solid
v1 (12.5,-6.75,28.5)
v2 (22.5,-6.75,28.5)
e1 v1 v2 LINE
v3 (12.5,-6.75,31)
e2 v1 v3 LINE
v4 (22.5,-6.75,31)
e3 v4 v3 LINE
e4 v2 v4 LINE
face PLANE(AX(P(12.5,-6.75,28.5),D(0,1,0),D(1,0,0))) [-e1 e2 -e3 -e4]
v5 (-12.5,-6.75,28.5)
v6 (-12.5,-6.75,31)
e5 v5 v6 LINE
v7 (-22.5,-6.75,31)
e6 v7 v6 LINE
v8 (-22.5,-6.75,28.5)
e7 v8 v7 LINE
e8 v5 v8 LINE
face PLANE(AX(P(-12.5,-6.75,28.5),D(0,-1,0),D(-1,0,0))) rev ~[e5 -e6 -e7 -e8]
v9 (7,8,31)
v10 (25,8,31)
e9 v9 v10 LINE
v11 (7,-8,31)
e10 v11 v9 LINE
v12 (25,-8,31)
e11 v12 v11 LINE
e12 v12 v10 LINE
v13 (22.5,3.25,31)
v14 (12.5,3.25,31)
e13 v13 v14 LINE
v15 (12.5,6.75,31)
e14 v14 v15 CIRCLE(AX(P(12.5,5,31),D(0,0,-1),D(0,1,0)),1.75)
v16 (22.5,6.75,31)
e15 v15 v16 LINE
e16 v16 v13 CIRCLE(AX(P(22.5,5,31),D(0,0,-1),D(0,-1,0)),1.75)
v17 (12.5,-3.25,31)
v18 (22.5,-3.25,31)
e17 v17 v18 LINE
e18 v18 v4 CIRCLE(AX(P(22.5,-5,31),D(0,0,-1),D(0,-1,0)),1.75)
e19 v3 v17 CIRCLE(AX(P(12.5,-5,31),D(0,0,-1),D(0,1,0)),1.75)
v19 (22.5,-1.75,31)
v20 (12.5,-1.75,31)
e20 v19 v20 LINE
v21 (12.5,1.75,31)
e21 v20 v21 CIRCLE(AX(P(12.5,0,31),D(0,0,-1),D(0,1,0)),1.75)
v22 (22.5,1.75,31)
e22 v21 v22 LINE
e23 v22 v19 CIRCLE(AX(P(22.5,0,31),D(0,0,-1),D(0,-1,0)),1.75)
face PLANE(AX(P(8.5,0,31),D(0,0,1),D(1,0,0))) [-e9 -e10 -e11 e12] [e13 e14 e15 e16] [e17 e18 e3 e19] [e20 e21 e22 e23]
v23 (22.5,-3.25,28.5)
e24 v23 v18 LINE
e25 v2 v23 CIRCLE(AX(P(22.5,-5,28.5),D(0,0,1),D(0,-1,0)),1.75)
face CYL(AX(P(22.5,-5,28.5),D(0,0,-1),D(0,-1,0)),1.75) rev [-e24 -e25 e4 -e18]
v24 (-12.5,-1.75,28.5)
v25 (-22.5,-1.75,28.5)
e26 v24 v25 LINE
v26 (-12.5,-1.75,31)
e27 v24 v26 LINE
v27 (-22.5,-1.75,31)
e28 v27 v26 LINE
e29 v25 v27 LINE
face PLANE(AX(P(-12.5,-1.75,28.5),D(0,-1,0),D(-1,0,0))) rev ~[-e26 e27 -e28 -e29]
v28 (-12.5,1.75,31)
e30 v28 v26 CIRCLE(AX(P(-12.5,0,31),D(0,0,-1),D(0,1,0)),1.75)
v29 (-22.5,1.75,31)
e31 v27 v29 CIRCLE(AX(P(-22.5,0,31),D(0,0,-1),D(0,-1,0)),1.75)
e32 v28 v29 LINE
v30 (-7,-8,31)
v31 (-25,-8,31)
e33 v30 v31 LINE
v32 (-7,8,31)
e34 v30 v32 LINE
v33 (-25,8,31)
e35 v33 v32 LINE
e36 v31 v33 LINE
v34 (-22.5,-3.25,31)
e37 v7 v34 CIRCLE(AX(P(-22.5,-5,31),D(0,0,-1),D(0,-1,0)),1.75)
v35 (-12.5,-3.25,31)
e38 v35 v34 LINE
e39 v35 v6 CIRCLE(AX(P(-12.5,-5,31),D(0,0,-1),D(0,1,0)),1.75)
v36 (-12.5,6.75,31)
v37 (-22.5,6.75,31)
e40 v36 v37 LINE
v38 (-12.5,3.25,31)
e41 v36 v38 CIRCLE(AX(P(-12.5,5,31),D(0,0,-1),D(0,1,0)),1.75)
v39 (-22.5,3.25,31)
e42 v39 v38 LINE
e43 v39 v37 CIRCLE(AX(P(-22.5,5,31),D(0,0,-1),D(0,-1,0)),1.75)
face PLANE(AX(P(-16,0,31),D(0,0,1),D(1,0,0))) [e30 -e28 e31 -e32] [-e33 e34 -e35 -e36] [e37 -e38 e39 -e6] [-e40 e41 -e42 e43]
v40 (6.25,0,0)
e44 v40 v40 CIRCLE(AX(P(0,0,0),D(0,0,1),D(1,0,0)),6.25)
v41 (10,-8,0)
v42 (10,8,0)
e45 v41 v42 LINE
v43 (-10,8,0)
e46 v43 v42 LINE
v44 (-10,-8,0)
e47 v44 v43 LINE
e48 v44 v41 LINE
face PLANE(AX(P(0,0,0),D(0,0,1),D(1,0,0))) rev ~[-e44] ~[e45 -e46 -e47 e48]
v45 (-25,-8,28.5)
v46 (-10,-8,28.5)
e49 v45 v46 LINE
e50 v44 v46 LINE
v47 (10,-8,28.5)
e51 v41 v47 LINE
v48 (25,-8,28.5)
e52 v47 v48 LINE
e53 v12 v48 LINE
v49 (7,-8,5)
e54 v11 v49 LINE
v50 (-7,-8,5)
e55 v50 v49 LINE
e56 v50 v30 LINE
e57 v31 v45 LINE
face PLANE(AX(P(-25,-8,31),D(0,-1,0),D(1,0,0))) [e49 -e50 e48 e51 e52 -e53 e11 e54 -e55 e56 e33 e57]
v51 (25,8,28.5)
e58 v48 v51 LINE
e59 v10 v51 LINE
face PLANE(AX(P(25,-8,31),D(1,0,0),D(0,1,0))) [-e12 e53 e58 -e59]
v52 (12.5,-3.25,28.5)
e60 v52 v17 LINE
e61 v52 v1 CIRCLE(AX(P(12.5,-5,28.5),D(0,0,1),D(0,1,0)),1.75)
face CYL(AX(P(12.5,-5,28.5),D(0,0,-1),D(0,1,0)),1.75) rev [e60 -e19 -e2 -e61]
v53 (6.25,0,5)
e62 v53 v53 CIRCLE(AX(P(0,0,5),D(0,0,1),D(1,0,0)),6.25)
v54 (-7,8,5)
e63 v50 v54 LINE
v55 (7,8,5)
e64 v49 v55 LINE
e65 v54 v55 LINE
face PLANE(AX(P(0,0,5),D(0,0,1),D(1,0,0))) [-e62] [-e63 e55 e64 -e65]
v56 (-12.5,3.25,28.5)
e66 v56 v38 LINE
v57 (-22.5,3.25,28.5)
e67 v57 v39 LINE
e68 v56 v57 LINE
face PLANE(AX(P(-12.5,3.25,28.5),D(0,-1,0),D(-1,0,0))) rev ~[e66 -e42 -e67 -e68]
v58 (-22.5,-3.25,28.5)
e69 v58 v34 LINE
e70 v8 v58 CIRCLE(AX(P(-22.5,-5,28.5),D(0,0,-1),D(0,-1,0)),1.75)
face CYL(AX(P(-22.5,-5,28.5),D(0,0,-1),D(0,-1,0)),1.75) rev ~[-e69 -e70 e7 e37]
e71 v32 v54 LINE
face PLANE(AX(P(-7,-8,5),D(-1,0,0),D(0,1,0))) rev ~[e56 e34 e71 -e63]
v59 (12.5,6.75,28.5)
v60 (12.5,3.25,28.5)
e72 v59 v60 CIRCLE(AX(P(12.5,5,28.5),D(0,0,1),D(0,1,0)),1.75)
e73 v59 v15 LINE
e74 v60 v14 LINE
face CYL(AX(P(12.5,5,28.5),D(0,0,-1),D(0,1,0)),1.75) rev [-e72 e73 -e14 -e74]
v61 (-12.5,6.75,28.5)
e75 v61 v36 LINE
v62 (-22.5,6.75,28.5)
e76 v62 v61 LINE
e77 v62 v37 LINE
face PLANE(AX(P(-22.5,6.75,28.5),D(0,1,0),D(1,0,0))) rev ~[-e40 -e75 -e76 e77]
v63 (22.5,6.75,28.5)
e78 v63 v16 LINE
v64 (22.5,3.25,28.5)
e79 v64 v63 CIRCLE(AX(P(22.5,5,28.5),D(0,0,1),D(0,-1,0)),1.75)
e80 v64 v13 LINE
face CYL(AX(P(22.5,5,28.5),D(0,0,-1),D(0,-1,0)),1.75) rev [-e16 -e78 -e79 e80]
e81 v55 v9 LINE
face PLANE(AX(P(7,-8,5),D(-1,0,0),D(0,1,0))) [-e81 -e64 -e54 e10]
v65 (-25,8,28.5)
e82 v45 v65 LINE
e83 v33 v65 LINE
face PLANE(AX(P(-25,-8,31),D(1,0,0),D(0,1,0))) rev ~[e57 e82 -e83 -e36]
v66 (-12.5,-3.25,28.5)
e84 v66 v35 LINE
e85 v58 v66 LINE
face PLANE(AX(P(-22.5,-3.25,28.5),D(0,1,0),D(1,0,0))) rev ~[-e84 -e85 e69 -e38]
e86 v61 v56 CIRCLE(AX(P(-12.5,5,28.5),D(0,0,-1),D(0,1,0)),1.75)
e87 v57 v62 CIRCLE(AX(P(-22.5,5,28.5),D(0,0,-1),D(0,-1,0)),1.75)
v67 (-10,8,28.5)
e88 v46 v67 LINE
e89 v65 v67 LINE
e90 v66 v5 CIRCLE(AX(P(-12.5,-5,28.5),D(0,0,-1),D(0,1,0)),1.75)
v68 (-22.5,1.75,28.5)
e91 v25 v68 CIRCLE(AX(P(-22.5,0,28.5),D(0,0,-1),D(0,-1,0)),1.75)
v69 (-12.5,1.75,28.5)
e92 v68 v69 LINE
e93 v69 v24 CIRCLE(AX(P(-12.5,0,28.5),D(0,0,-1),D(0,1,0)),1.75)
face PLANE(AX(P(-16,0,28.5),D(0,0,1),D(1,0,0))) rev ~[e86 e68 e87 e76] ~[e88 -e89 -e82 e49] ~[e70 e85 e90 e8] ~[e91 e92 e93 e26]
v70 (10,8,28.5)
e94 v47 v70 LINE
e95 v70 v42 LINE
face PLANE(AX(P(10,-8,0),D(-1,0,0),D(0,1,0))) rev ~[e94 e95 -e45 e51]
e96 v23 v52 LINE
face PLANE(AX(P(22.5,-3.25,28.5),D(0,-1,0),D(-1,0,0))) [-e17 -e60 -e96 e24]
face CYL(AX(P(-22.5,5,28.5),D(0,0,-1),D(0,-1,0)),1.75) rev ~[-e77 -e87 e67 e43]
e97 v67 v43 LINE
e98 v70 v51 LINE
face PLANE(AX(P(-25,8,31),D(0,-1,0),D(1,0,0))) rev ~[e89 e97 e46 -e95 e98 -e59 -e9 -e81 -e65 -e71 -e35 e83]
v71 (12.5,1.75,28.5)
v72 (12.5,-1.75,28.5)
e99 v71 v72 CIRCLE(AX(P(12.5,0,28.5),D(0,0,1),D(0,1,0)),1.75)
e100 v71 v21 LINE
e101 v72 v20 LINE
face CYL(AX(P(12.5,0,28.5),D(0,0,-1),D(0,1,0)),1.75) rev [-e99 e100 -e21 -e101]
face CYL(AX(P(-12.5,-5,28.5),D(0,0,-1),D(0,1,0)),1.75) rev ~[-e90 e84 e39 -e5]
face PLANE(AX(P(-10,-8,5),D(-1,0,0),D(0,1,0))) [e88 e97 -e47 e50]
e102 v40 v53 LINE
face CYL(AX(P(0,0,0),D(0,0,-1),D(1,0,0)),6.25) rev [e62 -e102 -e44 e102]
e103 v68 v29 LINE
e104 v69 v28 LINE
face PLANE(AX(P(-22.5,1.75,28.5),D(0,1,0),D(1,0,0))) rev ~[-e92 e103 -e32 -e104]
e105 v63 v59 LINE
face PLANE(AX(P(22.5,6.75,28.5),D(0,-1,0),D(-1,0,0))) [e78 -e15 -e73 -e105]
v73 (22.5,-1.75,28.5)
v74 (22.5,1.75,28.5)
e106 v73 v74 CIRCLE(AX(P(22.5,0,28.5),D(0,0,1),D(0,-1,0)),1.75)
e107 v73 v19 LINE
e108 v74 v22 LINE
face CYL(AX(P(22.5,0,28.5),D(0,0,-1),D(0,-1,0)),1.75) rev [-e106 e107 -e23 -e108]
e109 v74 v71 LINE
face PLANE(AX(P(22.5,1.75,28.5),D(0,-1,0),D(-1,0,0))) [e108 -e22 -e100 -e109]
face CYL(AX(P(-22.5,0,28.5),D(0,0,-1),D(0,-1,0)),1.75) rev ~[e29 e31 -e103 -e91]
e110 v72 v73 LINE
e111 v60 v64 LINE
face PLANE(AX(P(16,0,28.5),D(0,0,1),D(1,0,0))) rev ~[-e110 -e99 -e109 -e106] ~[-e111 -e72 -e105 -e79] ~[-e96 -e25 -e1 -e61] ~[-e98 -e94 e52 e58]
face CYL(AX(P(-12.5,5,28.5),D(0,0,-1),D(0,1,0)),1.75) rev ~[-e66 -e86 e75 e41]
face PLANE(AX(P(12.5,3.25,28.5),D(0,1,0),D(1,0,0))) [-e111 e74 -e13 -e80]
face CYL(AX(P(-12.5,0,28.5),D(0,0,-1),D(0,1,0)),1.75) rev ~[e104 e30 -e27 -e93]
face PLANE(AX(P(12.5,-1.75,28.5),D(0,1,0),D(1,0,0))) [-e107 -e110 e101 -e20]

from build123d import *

# Parameters (mm, degrees)
SKETCH1_W           = 20
SKETCH1_H           = 16
SKETCH1_R           = 6.25
BOSS_EXTRUDE1_DEPTH = 5
SKETCH2_W           = 3
SKETCH2_H           = 16
BOSS_EXTRUDE2_DEPTH = 26
SKETCH3_W           = 18
SKETCH3_H           = 16
BOSS_EXTRUDE3_DEPTH = 2.5
CUT_EXTRUDE1_DEPTH  = 39.745967532


with BuildPart() as part:
    # Sketch1 → Boss-Extrude1 (new body)
    with BuildSketch(Plane.XY):
        Rectangle(SKETCH1_W, SKETCH1_H)
        Circle(SKETCH1_R, mode=Mode.SUBTRACT)
    extrude(amount=BOSS_EXTRUDE1_DEPTH)

    # Sketch2 → Boss-Extrude2 (add)
    with BuildSketch(Plane.XY.offset(5)):
        with Locations((-8.5, 0)):
            Rectangle(SKETCH2_W, SKETCH2_H)
        with Locations((8.5, 0)):
            Rectangle(SKETCH2_W, SKETCH2_H)
    extrude(amount=BOSS_EXTRUDE2_DEPTH)

    # Sketch3 → Boss-Extrude3 (add)
    with BuildSketch(Plane.XY.offset(31)):
        with Locations((-16, 0)):
            Rectangle(SKETCH3_W, SKETCH3_H)
        with Locations((16, 0)):
            Rectangle(SKETCH3_W, SKETCH3_H)
    extrude(amount=-BOSS_EXTRUDE3_DEPTH)

    # Sketch4 → Cut-Extrude1 (cut, through all)
    with BuildSketch(Plane(origin=(0, 0, 28.5), x_dir=(-1, 0, 0), z_dir=(0, 0, -1))):
        with BuildLine():
            Line((-22.5, -3.25), (-12.5, -3.25))
            ThreePointArc((-12.5, -3.25), (-10.75, -5), (-12.5, -6.75))
            Line((-12.5, -6.75), (-22.5, -6.75))
            ThreePointArc((-22.5, -6.75), (-24.25, -5), (-22.5, -3.25))
        make_face()
        with BuildLine():
            Line((22.5, 6.75), (12.5, 6.75))
            ThreePointArc((12.5, 6.75), (10.75, 5), (12.5, 3.25))
            Line((12.5, 3.25), (22.5, 3.25))
            ThreePointArc((22.5, 3.25), (24.25, 5), (22.5, 6.75))
        make_face()
        with BuildLine():
            Line((-22.5, 1.75), (-12.5, 1.75))
            ThreePointArc((-12.5, 1.75), (-10.75, 0), (-12.5, -1.75))
            Line((-12.5, -1.75), (-22.5, -1.75))
            ThreePointArc((-22.5, -1.75), (-24.25, 0), (-22.5, 1.75))
        make_face()
        with BuildLine():
            Line((-22.5, 6.75), (-12.5, 6.75))
            ThreePointArc((-12.5, 6.75), (-10.75, 5), (-12.5, 3.25))
            Line((-12.5, 3.25), (-22.5, 3.25))
            ThreePointArc((-22.5, 3.25), (-24.25, 5), (-22.5, 6.75))
        make_face()
        with BuildLine():
            Line((22.5, 1.75), (12.5, 1.75))
            ThreePointArc((12.5, 1.75), (10.75, 0), (12.5, -1.75))
            Line((12.5, -1.75), (22.5, -1.75))
            ThreePointArc((22.5, -1.75), (24.25, 0), (22.5, 1.75))
        make_face()
        with BuildLine():
            Line((22.5, -3.25), (12.5, -3.25))
            ThreePointArc((12.5, -3.25), (10.75, -5), (12.5, -6.75))
            Line((12.5, -6.75), (22.5, -6.75))
            ThreePointArc((22.5, -6.75), (24.25, -5), (22.5, -3.25))
        make_face()
    extrude(amount=-CUT_EXTRUDE1_DEPTH, mode=Mode.SUBTRACT)


solid = part.part
